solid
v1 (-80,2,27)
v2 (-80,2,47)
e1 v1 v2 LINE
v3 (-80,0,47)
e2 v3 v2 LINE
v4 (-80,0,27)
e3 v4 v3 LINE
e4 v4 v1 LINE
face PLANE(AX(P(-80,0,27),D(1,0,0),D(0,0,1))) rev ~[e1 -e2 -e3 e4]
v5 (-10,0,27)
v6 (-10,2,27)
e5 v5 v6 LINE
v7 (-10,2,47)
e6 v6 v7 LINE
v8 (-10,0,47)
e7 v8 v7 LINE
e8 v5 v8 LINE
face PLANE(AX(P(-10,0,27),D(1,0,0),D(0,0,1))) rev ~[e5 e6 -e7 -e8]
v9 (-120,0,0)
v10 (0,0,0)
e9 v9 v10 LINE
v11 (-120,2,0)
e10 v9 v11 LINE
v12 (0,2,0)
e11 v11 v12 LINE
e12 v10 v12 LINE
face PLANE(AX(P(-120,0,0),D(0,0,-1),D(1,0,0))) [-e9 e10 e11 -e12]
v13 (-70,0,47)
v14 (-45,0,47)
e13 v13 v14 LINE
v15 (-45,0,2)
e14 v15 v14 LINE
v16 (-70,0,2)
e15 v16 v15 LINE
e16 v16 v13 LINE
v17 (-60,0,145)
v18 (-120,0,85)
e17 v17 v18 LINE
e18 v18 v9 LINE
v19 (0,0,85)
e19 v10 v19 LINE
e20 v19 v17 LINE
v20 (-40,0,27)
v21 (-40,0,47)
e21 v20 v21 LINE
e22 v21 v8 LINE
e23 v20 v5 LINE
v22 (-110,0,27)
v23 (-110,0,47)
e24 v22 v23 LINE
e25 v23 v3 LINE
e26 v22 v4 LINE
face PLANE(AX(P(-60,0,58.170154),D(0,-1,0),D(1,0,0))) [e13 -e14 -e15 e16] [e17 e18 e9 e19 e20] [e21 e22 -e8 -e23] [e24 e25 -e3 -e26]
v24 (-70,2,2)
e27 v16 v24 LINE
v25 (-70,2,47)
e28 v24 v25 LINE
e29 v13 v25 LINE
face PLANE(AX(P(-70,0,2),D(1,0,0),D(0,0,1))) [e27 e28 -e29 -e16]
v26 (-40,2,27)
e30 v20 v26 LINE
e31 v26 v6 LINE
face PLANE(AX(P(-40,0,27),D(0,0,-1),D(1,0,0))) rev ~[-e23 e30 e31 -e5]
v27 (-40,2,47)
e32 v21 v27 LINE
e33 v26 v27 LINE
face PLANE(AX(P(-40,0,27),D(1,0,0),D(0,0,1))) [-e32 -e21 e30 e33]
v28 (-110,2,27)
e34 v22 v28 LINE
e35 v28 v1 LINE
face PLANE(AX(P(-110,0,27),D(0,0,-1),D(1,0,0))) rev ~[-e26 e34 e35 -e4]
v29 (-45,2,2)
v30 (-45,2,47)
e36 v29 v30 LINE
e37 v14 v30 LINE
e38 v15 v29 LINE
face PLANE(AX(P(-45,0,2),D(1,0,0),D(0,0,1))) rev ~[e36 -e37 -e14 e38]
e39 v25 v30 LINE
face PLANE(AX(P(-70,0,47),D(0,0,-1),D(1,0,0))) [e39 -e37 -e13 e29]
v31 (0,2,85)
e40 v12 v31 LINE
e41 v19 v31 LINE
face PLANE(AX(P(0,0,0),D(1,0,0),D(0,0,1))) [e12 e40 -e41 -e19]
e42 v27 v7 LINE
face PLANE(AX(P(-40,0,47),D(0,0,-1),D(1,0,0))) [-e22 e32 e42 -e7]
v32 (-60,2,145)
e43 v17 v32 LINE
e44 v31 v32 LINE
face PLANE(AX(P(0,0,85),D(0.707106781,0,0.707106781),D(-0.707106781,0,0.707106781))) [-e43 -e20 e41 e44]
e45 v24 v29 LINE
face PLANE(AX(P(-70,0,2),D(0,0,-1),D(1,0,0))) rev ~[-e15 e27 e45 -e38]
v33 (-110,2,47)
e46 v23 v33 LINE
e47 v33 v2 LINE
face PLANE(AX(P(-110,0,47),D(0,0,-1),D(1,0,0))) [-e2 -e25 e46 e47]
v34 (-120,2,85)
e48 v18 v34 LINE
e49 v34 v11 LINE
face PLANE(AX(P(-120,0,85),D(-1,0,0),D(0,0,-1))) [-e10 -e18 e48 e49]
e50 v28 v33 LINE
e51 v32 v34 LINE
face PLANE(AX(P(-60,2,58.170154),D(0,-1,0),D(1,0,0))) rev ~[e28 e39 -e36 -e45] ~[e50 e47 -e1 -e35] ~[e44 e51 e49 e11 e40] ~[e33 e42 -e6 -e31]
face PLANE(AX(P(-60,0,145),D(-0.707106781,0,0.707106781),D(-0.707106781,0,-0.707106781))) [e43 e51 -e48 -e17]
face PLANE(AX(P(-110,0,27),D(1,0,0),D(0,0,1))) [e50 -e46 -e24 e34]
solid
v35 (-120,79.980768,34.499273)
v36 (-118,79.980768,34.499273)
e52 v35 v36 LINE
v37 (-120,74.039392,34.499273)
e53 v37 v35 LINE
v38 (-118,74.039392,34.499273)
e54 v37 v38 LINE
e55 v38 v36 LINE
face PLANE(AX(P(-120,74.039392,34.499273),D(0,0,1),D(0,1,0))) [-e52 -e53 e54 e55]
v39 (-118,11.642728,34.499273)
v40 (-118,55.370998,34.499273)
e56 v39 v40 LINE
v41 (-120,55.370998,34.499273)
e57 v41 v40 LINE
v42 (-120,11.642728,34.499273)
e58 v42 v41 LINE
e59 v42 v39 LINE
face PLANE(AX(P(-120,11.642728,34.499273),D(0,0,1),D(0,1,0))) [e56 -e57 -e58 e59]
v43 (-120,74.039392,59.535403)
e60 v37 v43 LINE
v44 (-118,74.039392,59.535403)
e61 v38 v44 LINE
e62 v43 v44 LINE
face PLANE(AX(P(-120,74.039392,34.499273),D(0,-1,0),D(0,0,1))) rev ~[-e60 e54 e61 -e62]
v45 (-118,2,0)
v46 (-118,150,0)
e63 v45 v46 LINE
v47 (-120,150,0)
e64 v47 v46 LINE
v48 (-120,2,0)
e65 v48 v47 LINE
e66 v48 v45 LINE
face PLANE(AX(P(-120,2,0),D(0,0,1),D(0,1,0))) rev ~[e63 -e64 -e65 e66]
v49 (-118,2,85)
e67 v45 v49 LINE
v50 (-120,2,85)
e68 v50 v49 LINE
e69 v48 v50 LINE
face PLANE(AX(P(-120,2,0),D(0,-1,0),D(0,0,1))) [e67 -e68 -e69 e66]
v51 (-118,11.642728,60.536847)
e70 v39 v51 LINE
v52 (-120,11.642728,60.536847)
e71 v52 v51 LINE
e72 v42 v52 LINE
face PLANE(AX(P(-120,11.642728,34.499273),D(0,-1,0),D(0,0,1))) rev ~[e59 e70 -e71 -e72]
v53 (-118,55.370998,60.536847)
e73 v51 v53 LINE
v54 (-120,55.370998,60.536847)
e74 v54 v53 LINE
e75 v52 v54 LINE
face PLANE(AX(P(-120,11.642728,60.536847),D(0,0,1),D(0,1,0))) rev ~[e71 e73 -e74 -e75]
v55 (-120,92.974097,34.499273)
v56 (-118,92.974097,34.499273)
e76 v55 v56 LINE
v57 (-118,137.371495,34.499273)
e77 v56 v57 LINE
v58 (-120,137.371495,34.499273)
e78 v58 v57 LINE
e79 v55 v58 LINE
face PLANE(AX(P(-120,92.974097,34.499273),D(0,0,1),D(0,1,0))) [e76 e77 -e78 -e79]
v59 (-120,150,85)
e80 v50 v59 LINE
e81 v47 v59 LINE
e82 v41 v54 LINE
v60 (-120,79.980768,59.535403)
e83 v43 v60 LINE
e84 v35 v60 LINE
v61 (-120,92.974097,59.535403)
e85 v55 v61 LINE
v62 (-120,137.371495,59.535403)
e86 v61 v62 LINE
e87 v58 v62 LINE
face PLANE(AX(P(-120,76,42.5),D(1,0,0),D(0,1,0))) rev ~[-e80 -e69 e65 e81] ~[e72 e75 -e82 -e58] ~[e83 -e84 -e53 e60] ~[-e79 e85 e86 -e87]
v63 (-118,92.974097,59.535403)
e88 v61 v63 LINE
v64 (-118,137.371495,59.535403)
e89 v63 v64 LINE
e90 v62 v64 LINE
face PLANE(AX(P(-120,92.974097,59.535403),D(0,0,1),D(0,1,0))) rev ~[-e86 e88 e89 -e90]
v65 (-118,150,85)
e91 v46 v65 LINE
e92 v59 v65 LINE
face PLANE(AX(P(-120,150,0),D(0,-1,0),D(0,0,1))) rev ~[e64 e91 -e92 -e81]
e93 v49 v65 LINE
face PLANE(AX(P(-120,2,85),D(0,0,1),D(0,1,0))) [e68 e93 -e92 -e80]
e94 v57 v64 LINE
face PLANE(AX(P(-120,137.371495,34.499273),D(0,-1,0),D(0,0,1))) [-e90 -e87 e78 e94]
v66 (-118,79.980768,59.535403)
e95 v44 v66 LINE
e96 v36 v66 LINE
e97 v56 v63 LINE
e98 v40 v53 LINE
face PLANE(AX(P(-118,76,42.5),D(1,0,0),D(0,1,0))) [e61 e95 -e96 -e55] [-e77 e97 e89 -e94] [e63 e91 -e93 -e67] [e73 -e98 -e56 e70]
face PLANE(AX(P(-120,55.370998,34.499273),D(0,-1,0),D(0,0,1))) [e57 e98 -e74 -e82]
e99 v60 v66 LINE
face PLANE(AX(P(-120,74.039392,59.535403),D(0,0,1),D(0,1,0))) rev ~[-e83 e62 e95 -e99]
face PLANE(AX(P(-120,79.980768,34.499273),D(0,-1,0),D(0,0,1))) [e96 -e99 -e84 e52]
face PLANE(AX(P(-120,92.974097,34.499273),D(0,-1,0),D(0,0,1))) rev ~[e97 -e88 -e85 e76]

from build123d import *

# Parameters (mm, degrees)
F1_W     = 30
F1_H     = 20
F1_W_2   = 25
F1_H_2   = 45
F2_DEPTH = 2
F4_W     = 148
F4_H     = 85
F4_W_2   = 43.7282696366
F4_H_2   = 26.0375738144
F4_W_3   = 5.94137609
F4_H_3   = 25.0361301005
F4_W_4   = 44.3973988295
F5_DEPTH = 2


with BuildPart() as f2:
    # F1 (on Front) → F2 (new body, through all)
    with BuildSketch(Plane.XZ):
        Polygon((-120, 85), (-120, 0), (0, 0), (0, 85), (-60, 145), align=None)
        with Locations((-95, 37)):
            Rectangle(F1_W, F1_H, mode=Mode.SUBTRACT)
        with Locations((-57.5, 24.5)):
            Rectangle(F1_W_2, F1_H_2, mode=Mode.SUBTRACT)
        with Locations((-25, 37)):
            Rectangle(F1_W, F1_H, mode=Mode.SUBTRACT)
    extrude(amount=-F2_DEPTH)


with BuildPart() as f5:
    # F4 (on plane+point) → F5 (new body, through all)
    with BuildSketch(Plane.YZ.offset(-120)):
        with Locations((76, 42.5)):
            Rectangle(F4_W, F4_H)
        with Locations((33.5068628192, 47.5180596113)):
            Rectangle(F4_W_2, F4_H_2, mode=Mode.SUBTRACT)
        with Locations((77.0100802183, 47.0173377544)):
            Rectangle(F4_W_3, F4_H_3, mode=Mode.SUBTRACT)
        with Locations((115.1727959514, 47.0173377544)):
            Rectangle(F4_W_4, F4_H_3, mode=Mode.SUBTRACT)
    extrude(amount=F5_DEPTH)


solid = Compound([f2.part, f5.part])
